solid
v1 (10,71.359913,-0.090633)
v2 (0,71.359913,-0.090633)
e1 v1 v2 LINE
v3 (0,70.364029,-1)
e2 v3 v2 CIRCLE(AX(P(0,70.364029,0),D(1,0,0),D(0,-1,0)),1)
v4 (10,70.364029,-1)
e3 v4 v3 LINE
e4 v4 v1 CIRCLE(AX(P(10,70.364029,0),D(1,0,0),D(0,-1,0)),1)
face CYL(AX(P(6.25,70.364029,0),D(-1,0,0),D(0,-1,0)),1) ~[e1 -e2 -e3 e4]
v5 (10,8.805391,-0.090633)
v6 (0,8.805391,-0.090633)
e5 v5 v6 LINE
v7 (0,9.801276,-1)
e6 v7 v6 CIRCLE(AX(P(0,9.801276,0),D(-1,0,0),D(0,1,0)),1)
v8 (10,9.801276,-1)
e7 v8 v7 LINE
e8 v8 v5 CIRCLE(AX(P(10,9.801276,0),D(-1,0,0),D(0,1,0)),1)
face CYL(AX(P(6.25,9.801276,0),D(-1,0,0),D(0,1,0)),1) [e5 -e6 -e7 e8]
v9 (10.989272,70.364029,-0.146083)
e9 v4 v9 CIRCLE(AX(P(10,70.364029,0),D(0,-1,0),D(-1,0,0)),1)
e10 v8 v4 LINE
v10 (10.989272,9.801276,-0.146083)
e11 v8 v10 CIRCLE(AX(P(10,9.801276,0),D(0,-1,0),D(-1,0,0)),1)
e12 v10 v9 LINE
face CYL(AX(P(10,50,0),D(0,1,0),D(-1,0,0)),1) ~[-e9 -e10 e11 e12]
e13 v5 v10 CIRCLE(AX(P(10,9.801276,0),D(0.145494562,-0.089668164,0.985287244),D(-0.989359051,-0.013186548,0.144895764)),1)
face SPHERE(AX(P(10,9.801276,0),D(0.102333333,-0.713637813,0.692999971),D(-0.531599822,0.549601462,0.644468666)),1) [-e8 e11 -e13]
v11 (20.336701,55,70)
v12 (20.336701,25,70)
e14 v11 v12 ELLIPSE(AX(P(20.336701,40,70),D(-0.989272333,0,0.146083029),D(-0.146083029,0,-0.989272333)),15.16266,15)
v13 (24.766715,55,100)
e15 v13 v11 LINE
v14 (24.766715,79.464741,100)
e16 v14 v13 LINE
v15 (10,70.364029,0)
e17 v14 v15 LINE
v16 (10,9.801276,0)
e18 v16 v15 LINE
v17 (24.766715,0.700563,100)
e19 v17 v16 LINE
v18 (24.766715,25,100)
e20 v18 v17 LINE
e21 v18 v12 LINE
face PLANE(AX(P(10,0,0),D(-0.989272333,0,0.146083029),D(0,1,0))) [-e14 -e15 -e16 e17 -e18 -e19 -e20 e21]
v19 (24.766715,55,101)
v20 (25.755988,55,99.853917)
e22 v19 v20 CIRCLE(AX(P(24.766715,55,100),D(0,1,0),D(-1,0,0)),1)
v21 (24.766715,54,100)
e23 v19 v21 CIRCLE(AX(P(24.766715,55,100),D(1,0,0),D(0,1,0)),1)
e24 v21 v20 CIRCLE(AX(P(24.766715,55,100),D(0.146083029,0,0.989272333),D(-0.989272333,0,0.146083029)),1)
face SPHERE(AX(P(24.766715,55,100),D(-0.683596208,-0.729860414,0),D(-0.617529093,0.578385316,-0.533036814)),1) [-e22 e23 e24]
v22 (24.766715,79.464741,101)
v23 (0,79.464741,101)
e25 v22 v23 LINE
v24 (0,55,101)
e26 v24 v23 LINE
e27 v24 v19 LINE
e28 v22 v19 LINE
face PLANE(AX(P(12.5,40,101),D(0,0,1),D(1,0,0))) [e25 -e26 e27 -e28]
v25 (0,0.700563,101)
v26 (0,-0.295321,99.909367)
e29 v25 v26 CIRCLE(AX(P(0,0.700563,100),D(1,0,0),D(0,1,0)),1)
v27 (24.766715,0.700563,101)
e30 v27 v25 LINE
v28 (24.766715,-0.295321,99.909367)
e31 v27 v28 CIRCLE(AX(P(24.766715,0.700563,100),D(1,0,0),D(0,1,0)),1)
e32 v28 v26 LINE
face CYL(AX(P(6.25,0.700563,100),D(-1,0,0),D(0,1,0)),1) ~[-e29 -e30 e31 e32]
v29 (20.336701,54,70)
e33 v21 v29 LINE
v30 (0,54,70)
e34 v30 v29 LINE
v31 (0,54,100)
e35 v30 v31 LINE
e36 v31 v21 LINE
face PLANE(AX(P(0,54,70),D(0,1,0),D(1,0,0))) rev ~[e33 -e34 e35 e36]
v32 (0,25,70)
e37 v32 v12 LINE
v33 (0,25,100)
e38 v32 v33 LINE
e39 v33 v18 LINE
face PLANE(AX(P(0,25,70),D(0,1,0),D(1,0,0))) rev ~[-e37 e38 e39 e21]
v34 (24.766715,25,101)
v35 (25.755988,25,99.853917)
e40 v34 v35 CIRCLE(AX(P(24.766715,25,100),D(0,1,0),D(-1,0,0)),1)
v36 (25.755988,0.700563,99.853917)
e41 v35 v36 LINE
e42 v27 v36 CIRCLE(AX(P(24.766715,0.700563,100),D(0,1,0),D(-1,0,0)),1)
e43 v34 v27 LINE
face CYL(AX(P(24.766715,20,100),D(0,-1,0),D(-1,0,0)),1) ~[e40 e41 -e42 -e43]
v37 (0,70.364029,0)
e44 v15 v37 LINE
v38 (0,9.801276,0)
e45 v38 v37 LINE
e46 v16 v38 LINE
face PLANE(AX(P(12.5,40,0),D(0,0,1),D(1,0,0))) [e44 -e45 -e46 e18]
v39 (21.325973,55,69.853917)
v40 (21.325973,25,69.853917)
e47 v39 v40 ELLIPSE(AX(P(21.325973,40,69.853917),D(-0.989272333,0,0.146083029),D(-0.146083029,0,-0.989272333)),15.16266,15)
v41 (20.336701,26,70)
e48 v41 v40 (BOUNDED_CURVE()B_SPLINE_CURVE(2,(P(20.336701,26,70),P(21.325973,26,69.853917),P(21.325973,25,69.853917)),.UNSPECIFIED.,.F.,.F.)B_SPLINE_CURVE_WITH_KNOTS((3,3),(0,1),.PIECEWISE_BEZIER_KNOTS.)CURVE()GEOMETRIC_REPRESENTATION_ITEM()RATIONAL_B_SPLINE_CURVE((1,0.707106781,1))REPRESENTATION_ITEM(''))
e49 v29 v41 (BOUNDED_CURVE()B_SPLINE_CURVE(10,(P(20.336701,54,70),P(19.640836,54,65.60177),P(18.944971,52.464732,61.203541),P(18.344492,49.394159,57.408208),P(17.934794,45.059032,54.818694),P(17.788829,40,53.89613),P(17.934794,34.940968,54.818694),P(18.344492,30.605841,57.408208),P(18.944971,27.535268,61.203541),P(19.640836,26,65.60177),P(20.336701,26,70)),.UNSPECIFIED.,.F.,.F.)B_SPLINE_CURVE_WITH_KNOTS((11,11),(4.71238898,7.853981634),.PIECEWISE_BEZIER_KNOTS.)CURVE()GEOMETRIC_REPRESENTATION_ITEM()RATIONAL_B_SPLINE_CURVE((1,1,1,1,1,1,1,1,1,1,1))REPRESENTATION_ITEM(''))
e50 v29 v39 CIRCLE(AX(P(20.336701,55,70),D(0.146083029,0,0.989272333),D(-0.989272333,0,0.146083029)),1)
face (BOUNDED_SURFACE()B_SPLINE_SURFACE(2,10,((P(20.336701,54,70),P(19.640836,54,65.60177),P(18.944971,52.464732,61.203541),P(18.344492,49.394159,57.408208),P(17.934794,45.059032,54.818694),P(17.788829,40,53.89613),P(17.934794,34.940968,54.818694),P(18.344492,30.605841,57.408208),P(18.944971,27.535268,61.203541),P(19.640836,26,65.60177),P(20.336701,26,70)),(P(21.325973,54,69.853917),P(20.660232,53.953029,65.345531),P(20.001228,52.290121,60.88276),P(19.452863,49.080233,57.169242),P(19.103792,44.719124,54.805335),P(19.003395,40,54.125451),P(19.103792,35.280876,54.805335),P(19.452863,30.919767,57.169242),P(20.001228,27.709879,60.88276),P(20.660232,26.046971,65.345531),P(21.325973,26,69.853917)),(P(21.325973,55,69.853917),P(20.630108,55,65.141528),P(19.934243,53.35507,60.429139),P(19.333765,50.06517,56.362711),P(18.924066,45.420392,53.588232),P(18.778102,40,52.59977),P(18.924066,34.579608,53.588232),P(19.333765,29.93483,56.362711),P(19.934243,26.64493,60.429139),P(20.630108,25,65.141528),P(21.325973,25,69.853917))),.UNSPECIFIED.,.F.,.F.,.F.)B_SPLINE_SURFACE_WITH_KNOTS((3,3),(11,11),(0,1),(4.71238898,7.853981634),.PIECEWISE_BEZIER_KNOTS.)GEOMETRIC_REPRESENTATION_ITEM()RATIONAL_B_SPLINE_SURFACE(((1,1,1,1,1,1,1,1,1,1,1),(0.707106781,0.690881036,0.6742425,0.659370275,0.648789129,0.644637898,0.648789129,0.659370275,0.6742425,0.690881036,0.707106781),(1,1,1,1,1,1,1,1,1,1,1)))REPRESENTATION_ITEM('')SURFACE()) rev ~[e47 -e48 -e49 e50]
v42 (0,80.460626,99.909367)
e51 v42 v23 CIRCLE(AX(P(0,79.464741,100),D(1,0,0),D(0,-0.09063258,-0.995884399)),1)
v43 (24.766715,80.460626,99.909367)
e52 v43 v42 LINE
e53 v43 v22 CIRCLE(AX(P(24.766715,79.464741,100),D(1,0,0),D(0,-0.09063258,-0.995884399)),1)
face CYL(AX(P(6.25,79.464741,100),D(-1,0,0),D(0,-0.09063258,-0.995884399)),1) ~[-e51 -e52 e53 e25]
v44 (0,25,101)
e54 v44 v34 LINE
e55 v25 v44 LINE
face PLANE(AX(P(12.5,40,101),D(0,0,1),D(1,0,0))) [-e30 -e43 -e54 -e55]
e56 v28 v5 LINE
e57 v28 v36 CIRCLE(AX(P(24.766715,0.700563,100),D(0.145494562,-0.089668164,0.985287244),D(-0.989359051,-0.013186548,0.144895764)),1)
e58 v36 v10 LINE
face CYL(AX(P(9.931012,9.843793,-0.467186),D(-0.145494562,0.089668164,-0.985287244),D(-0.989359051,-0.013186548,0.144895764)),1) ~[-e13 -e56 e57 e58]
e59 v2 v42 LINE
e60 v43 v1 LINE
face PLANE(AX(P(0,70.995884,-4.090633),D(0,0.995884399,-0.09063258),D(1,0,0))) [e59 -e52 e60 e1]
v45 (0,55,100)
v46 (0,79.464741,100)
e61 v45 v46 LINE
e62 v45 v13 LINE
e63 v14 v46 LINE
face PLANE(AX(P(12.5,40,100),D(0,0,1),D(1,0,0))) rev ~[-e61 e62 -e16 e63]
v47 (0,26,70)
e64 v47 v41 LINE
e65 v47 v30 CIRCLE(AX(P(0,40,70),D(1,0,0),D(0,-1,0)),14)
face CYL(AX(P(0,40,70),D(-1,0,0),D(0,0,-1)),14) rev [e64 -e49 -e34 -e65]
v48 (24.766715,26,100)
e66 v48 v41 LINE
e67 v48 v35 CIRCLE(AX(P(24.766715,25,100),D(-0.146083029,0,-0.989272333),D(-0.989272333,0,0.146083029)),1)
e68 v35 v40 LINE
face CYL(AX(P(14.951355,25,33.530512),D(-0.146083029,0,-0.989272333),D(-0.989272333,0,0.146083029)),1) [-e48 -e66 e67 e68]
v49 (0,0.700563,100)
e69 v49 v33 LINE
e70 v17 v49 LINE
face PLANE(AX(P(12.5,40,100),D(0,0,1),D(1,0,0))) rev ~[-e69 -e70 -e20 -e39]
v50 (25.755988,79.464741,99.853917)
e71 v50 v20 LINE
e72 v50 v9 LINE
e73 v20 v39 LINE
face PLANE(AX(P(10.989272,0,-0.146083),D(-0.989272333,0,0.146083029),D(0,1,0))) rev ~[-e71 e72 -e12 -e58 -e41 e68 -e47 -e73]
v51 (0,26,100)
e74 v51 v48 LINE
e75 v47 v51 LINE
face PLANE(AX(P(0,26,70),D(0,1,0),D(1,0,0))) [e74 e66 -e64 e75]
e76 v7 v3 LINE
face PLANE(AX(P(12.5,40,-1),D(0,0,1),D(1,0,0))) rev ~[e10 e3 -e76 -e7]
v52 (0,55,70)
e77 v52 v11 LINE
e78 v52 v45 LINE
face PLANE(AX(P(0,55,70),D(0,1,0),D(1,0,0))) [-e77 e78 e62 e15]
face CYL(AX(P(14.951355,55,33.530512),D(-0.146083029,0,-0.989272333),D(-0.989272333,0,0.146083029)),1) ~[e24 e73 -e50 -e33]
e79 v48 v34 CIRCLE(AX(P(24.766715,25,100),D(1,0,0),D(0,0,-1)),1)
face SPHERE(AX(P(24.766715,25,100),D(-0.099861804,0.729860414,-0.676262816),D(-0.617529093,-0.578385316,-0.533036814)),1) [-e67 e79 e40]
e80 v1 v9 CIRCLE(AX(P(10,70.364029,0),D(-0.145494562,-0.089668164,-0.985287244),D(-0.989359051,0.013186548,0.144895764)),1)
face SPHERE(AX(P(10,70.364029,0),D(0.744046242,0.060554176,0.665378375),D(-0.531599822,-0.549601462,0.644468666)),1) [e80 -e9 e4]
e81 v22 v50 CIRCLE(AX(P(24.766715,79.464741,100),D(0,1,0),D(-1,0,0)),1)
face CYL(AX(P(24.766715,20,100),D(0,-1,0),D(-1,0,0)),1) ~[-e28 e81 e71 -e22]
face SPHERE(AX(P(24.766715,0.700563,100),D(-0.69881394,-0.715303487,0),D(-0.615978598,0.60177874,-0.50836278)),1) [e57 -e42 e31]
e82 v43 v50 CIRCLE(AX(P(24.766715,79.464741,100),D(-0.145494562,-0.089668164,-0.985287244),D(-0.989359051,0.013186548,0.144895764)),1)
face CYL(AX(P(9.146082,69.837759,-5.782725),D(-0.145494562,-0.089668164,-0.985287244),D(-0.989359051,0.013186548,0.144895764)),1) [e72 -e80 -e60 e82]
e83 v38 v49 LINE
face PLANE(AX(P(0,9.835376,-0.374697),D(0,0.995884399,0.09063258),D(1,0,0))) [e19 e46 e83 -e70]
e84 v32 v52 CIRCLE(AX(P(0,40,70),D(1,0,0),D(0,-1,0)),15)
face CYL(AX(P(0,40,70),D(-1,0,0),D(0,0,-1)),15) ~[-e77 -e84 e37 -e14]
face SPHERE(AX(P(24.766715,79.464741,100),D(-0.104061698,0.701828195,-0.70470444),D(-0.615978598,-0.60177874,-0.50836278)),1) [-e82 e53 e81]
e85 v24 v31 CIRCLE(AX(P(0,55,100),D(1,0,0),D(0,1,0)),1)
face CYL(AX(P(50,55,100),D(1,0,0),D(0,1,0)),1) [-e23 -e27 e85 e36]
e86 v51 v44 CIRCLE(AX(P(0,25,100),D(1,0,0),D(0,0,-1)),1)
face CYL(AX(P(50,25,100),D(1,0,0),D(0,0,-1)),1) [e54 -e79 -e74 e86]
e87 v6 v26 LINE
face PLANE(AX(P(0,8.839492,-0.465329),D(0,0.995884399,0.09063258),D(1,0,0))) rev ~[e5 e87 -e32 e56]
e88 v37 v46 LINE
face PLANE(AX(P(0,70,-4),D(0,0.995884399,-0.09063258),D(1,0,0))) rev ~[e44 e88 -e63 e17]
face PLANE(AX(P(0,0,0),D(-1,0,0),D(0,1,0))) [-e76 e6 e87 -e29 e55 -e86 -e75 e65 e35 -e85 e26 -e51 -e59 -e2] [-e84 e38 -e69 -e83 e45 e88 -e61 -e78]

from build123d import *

# Parameters (mm, degrees)
CYLINDER_R           = 15
CYLINDER_DEPTH       = 100
CYLINDER_PITCH_ANGLE = 90
BOX005_W             = 100
BOX005_H             = 30
BOX005_DEPTH         = 30
BOX004_W             = 40
BOX004_H             = 40
BOX004_DEPTH         = 120
BOX004_ROLL_ANGLE    = -5.2
BOX003_W             = 40
BOX003_H             = 40
BOX003_DEPTH         = 120
BOX003_ROLL_ANGLE    = 5.2
BOX001_W             = 19
BOX001_H             = 100
BOX001_DEPTH         = 110
BOX001_PITCH_ANGLE   = 8.4
BOX_W                = 25
BOX_H                = 80
BOX_DEPTH            = 100
THICKNESS_T          = 1


with BuildPart() as cylinder:
    # Cylinder → Cylinder (new body)
    with BuildSketch(Plane.XY):
        Circle(CYLINDER_R)
    extrude(amount=CYLINDER_DEPTH)


with BuildPart() as cylinder_1:
    # Cylinder pitch: moved
    add(cylinder.part.rotate(Axis((0, 0, 0), (0, 1, 0)), CYLINDER_PITCH_ANGLE))


with BuildPart() as cylinder_2:
    # Cylinder placement: moved
    add(cylinder_1.part.moved(Location((0, 40, 70))))


with BuildPart() as fusion:
    # Box005 → Box005 (new body)
    with BuildSketch(Plane(origin=(0, 25, 70), x_dir=(1, 0, 0), z_dir=(0, 0, 1))):
        with Locations((50, 15)):
            Rectangle(BOX005_W, BOX005_H)
    extrude(amount=BOX005_DEPTH)

    # Fusion: union Cylinder
    add(cylinder_2.part)


with BuildPart() as cube002:
    # Box004 → Box004 (new body)
    with BuildSketch(Plane.XY):
        with Locations((20, 20)):
            Rectangle(BOX004_W, BOX004_H)
    extrude(amount=BOX004_DEPTH)


with BuildPart() as cube002_1:
    # Box004 roll: moved
    add(cube002.part.rotate(Axis((0, 0, 0), (1, 0, 0)), BOX004_ROLL_ANGLE))


with BuildPart() as cube002_2:
    # Box004 placement: moved
    add(cube002_1.part.moved(Location((0, 70, -4))))


with BuildPart() as cube003:
    # Box003 → Box003 (new body)
    with BuildSketch(Plane.XY):
        with Locations((20, 20)):
            Rectangle(BOX003_W, BOX003_H)
    extrude(amount=BOX003_DEPTH)


with BuildPart() as cube003_1:
    # Box003 roll: moved
    add(cube003.part.rotate(Axis((0, 0, 0), (1, 0, 0)), BOX003_ROLL_ANGLE))


with BuildPart() as cube003_2:
    # Box003 placement: moved
    add(cube003_1.part.moved(Location((0, -30, -4))))


with BuildPart() as cube001:
    # Box001 → Box001 (new body)
    with BuildSketch(Plane.XY):
        with Locations((9.5, 50)):
            Rectangle(BOX001_W, BOX001_H)
    extrude(amount=BOX001_DEPTH)


with BuildPart() as cube001_1:
    # Box001 pitch: moved
    add(cube001.part.rotate(Axis((0, 0, 0), (0, 1, 0)), BOX001_PITCH_ANGLE))


with BuildPart() as cube001_2:
    # Box001 placement: moved
    add(cube001_1.part.moved(Location((10, 0, 0))))


with BuildPart() as thickness:
    # Box → Box (new body)
    with BuildSketch(Plane.XY):
        with Locations((12.5, 40)):
            Rectangle(BOX_W, BOX_H)
    extrude(amount=BOX_DEPTH)

    # Cut: cut Cube001
    add(cube001_2.part, mode=Mode.SUBTRACT)

    # Cut001: cut Cube003
    add(cube003_2.part, mode=Mode.SUBTRACT)

    # Cut002: cut Cube002
    add(cube002_2.part, mode=Mode.SUBTRACT)

    # Cut003: cut Fusion
    add(fusion.part, mode=Mode.SUBTRACT)

    # Thickness
    thickness_openings = [thickness.faces().sort_by_distance(p)[0] for p in [
        (0, 40.100786, 46.297736),
    ]]
    offset(amount=THICKNESS_T, openings=thickness_openings)


solid = thickness.part
